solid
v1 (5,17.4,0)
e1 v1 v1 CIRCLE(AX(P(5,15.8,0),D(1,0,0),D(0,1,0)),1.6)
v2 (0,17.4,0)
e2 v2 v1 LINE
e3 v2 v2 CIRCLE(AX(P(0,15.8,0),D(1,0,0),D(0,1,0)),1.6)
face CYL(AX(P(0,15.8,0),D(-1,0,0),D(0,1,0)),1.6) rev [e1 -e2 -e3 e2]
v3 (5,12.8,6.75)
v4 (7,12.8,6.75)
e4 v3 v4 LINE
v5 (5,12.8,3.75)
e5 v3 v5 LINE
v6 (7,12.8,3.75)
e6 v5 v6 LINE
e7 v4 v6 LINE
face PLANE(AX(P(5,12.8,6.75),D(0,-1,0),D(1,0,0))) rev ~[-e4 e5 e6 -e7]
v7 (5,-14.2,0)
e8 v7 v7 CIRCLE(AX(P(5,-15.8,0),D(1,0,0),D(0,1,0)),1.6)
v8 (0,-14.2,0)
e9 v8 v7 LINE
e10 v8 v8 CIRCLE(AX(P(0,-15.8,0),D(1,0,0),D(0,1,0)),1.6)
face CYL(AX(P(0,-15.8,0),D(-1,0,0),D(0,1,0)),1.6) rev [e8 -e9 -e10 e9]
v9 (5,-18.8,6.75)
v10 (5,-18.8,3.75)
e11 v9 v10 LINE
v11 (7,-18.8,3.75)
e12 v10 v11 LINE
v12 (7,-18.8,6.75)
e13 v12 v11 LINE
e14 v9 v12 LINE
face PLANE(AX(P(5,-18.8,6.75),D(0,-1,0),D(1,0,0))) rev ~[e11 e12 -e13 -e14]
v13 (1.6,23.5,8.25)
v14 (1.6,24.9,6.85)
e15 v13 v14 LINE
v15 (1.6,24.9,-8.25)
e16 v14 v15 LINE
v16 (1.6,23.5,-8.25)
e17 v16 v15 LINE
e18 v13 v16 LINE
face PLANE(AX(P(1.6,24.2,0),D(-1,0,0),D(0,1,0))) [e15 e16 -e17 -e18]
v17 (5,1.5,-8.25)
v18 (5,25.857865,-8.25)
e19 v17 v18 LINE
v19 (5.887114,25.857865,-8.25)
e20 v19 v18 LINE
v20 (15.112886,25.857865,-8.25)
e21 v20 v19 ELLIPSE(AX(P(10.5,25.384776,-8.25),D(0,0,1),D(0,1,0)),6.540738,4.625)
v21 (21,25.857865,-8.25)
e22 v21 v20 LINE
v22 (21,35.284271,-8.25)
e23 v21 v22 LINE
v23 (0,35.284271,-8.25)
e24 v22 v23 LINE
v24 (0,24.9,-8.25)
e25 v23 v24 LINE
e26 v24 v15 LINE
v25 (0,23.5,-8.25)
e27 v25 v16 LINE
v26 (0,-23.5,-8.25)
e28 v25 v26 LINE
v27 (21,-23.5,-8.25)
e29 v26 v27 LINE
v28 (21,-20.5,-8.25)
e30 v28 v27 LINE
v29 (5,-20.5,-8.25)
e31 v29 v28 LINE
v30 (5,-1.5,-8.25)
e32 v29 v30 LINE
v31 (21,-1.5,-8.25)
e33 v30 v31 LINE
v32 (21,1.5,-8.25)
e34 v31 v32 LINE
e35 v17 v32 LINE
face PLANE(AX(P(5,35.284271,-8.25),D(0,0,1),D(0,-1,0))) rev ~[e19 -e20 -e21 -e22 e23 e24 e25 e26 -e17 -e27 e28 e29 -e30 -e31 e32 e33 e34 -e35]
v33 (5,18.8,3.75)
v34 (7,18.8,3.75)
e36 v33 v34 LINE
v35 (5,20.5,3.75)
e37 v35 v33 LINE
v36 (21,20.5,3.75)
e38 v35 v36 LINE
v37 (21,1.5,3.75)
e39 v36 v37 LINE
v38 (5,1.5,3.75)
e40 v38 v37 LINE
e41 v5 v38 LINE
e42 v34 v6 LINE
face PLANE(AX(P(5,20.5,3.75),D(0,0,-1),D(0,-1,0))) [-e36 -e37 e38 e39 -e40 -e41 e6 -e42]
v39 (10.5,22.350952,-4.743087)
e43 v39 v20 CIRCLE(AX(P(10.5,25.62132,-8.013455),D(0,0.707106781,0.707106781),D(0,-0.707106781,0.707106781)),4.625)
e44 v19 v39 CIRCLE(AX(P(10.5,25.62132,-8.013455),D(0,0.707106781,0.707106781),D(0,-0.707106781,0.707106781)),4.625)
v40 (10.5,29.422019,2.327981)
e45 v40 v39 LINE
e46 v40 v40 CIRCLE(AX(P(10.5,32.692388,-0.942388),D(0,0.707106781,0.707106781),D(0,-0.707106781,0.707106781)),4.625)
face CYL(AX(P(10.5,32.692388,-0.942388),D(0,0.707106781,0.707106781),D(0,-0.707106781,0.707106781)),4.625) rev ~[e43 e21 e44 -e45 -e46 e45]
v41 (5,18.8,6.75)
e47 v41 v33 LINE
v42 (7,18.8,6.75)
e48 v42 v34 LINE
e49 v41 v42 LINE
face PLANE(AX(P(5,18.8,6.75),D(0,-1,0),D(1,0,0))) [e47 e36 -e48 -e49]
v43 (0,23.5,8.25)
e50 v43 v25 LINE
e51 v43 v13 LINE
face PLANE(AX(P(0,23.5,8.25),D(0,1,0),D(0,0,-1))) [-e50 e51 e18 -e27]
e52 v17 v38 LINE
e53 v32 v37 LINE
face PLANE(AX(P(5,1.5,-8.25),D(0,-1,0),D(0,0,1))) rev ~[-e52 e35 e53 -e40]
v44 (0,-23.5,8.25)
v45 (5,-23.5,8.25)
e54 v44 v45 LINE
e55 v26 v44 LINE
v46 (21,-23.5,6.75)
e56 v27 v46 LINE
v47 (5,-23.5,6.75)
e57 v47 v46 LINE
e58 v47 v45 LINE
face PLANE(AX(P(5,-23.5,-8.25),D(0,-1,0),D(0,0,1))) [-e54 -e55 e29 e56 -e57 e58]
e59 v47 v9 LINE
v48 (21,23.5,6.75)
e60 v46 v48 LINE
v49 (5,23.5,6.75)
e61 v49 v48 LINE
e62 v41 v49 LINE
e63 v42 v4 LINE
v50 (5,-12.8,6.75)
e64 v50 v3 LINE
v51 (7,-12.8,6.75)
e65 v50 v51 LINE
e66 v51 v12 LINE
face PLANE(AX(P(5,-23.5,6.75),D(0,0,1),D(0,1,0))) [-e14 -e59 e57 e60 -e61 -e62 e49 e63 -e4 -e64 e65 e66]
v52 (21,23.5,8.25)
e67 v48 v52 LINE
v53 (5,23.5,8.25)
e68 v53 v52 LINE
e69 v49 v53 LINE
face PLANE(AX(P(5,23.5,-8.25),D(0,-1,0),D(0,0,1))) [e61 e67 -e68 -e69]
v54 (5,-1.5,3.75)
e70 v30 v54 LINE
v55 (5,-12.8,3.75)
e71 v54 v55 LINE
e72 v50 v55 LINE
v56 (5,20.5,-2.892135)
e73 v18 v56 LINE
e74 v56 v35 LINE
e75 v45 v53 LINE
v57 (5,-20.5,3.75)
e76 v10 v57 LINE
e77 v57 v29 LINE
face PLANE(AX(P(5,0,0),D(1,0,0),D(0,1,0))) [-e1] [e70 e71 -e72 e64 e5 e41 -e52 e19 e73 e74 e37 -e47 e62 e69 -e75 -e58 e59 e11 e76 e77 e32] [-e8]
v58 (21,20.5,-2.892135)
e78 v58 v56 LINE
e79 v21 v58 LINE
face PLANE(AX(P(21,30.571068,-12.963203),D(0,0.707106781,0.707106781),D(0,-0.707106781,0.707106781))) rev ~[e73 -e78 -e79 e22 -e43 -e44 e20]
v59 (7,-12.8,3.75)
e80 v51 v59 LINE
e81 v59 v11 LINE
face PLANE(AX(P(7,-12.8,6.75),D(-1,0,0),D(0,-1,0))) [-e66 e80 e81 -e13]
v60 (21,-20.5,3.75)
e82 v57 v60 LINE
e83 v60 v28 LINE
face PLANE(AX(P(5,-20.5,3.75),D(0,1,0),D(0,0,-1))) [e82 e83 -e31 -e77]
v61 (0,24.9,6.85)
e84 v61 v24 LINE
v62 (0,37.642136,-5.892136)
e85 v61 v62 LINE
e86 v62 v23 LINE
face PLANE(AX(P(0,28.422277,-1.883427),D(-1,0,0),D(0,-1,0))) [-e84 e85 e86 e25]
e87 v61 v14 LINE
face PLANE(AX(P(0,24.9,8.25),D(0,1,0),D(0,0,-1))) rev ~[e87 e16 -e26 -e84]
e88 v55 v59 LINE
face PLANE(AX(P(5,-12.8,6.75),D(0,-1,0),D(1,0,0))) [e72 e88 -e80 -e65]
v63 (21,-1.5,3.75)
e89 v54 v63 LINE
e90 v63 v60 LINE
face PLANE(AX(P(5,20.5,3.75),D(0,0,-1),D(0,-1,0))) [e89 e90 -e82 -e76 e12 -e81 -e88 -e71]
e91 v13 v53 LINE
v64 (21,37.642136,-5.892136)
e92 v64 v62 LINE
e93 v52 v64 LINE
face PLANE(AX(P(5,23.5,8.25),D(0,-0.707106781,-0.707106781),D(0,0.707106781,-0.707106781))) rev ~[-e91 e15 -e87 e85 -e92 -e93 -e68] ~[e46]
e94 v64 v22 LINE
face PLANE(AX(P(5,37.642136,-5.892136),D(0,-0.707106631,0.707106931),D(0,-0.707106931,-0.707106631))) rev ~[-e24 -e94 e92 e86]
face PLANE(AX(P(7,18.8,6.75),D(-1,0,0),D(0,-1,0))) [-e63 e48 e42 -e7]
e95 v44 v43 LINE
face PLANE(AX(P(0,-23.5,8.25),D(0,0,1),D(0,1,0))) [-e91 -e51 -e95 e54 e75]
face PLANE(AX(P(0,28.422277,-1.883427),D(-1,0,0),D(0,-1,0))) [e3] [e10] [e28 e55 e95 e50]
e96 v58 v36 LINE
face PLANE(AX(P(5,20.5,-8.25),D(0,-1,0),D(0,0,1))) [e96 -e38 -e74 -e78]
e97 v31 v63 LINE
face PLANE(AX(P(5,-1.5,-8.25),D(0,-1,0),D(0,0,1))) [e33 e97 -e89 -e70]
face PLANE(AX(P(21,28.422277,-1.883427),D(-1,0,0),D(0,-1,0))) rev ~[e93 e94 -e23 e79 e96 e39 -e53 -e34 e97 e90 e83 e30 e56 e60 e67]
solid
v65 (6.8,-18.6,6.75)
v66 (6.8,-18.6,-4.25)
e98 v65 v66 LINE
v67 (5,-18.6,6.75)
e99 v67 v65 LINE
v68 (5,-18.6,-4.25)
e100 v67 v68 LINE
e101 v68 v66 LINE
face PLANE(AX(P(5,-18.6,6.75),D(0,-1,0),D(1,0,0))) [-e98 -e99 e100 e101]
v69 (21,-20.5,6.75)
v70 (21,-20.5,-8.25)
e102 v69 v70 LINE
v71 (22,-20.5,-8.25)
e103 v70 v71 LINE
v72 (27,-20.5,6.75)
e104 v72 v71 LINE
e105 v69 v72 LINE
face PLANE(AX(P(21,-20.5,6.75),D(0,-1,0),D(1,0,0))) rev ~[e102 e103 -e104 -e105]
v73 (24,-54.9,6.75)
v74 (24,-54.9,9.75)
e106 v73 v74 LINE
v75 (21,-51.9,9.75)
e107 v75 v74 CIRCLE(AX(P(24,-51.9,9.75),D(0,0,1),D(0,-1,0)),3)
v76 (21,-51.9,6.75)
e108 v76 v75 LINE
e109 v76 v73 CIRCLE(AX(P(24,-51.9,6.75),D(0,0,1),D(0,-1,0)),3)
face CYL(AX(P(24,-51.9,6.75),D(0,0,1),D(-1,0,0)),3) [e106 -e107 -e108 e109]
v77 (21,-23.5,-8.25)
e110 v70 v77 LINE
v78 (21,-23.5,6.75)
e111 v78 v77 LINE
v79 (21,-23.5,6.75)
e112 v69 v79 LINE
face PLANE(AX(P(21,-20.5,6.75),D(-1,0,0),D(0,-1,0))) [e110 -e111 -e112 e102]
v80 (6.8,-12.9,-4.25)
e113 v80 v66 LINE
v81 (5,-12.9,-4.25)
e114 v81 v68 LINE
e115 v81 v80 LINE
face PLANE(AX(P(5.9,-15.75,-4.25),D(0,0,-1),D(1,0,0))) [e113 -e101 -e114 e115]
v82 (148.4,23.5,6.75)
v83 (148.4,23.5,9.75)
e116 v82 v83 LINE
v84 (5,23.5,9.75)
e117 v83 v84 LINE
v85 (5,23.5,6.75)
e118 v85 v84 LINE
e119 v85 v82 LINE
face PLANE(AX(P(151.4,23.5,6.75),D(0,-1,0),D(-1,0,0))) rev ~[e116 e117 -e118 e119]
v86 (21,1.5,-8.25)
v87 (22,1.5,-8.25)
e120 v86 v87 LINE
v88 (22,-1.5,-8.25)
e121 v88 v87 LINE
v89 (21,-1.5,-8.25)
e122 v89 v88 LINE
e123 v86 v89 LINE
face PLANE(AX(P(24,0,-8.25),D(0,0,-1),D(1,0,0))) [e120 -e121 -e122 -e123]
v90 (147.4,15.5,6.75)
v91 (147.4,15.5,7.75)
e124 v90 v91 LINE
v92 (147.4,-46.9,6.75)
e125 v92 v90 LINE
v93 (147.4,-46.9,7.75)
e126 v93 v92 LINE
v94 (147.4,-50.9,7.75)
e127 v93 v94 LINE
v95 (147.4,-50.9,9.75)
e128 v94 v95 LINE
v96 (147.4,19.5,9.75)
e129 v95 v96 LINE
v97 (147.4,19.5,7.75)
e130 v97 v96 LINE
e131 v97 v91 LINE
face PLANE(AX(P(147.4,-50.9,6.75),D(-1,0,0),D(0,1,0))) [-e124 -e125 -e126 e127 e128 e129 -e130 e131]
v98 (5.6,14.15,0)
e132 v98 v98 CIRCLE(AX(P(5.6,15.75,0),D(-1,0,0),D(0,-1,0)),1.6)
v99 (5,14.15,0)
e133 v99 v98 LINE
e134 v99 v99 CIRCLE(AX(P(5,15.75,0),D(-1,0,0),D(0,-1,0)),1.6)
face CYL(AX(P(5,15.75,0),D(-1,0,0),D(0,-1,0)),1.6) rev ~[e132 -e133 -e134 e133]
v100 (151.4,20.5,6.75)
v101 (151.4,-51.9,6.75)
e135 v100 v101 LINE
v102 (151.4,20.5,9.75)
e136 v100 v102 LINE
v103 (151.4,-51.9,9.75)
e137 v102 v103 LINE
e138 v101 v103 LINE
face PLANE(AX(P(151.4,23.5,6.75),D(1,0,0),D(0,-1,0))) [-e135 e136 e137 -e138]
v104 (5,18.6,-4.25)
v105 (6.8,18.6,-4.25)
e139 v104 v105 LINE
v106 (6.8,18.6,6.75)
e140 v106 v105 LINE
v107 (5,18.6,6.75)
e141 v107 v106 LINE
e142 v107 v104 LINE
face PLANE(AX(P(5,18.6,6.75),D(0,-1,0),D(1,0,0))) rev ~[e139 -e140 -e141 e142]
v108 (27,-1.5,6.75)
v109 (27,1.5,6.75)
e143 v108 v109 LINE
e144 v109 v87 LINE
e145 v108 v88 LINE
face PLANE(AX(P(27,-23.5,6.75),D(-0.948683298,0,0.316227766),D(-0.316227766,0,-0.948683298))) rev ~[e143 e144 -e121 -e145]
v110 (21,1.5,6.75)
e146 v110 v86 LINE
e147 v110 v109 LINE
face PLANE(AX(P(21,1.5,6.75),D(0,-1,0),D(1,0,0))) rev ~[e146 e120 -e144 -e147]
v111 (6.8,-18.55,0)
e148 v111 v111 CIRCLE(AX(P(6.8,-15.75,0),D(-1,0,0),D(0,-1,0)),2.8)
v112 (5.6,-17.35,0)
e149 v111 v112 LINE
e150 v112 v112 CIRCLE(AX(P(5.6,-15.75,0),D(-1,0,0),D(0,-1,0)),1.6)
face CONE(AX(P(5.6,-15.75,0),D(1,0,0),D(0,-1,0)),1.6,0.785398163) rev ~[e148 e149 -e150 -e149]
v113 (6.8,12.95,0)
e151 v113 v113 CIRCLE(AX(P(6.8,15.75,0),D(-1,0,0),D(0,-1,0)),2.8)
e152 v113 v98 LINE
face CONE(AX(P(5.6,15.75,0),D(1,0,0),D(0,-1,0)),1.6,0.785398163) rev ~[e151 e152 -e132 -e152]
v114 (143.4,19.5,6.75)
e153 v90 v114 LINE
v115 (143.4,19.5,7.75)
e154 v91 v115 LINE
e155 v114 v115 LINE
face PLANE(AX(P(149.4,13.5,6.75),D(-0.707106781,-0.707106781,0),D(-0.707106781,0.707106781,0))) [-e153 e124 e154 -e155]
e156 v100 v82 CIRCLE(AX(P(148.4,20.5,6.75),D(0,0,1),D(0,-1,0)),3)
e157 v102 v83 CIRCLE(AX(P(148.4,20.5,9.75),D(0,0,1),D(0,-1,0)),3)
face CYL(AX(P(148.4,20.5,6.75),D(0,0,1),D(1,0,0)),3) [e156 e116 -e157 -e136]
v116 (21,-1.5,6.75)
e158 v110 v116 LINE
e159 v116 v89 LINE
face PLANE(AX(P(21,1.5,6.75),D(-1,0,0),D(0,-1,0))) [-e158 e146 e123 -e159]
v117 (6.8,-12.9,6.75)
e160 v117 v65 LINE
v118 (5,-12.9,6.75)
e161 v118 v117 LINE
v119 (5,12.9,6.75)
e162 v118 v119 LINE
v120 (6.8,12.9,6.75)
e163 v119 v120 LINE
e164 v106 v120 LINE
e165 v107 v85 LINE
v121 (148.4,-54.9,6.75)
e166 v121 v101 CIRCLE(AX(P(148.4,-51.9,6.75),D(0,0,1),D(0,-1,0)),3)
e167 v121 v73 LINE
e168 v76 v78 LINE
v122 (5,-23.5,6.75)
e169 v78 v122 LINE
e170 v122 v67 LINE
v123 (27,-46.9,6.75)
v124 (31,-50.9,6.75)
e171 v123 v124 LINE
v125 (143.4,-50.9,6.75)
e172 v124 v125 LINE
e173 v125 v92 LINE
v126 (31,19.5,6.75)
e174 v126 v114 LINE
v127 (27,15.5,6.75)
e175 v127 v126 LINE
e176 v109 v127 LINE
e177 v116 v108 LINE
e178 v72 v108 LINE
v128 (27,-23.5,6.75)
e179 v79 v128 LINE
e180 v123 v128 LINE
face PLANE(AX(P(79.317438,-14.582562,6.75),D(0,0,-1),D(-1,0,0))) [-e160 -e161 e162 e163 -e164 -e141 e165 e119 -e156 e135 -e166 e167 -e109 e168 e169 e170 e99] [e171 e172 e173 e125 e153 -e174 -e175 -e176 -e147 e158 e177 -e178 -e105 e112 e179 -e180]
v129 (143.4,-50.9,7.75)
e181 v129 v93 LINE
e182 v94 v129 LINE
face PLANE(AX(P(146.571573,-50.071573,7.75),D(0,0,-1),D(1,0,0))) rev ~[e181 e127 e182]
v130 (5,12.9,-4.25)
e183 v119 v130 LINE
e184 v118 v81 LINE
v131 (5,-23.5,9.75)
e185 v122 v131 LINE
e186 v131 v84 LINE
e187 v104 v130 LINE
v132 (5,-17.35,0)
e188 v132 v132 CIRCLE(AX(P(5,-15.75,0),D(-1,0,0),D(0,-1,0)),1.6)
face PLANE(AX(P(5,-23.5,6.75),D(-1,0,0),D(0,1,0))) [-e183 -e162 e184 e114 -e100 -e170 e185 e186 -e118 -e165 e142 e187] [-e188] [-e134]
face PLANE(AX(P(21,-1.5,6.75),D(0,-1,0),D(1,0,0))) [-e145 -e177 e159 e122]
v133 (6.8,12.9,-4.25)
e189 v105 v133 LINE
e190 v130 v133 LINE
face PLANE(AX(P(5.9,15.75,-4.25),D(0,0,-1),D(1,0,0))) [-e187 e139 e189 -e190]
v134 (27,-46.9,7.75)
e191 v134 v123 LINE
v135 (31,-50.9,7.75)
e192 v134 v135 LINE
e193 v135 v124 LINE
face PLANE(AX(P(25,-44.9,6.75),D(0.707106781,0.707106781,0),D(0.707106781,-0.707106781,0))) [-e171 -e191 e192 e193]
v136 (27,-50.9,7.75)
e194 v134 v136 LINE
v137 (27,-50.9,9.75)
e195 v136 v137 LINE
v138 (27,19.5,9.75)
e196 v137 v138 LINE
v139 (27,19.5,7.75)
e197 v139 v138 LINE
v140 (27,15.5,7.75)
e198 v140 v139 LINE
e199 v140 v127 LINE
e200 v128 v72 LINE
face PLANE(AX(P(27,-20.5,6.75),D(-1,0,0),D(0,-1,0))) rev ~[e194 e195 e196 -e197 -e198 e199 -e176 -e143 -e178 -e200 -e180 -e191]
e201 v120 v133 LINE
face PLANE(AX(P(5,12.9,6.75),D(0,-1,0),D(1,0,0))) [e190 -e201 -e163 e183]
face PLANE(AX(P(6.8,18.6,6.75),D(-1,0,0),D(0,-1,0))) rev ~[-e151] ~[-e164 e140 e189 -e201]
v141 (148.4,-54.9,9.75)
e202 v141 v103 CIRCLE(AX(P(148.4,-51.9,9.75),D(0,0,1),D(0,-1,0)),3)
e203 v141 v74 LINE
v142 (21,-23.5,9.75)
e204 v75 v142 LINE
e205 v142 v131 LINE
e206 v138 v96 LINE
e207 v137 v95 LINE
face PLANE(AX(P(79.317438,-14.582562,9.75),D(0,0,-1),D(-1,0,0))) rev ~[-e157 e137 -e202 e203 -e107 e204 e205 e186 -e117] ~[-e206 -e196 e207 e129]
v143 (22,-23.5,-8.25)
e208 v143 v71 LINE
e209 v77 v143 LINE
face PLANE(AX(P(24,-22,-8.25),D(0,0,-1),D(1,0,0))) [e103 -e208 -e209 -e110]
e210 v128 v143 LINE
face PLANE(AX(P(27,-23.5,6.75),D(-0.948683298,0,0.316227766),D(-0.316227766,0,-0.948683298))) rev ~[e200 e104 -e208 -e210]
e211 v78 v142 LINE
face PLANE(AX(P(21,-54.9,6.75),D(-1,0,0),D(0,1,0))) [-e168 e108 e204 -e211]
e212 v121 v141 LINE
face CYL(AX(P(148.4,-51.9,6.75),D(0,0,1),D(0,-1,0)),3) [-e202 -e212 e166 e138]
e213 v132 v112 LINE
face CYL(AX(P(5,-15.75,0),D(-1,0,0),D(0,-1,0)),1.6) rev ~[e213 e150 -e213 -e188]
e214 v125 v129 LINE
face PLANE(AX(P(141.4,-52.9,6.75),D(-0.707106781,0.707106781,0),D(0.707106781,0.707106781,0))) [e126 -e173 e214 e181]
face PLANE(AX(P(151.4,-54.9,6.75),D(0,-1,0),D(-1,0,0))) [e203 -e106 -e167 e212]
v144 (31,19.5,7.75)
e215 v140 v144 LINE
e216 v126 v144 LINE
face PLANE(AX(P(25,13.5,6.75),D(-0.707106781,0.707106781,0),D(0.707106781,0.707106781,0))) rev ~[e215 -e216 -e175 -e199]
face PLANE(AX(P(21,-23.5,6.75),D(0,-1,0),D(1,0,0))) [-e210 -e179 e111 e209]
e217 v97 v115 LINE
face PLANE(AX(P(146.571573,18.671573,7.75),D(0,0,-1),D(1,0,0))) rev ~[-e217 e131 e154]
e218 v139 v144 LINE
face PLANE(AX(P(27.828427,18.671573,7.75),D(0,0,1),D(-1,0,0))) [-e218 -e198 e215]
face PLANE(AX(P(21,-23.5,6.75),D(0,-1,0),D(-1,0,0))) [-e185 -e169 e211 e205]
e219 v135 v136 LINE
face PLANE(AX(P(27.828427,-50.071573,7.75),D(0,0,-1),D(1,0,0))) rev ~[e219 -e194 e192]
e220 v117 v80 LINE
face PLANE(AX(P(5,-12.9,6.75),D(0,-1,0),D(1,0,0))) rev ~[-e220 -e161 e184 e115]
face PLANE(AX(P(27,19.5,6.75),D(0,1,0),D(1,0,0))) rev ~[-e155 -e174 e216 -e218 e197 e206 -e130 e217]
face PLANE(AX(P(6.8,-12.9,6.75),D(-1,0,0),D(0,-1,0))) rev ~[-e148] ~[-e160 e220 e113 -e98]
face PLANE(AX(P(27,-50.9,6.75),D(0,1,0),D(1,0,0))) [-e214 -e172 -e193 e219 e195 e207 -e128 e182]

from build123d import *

# Parameters (mm, degrees)
SKETCH_W          = 47
SKETCH_H          = 16.5
SKETCH_R          = 1.6
PAD_DEPTH         = 5
PAD001_DEPTH      = 16
SKETCH002_W       = 6
SKETCH002_H       = 2
POCKET_DEPTH      = 3
PAD002_DEPTH      = 16
PAD002_DEPTH_BACK = 5
SKETCH004_R       = 4.625
POCKET001_DEPTH   = 44.902281
POCKET002_DEPTH   = 16
SKETCH006_W       = 3
SKETCH006_H       = 12
PAD003_DEPTH      = 16
SKETCH008_W       = 1.4
SKETCH008_H       = 16.5
POCKET003_DEPTH   = 1.6
SKETCH007_W       = 120.4
SKETCH007_H       = 70.4
PAD004_DEPTH      = 3
SKETCH009_W       = 6
SKETCH009_H       = 3
PAD005_DEPTH      = 15
POCKET004_DEPTH   = 47.001
PAD006_DEPTH      = 1
SKETCH012_W       = 1.8
SKETCH012_H       = 5.7
PAD007_DEPTH      = 11
SKETCH013_R       = 1.6
POCKET005_DEPTH   = 1.8
FILLET_R          = 3
CHAMFER_SIZE      = 1.2


with BuildPart() as lens_and_arm_mount:
    # Sketch → Pad (new body)
    with BuildSketch(Plane.YZ):
        Rectangle(SKETCH_W, SKETCH_H)
        with Locations((-15.8, 0)):
            Circle(SKETCH_R, mode=Mode.SUBTRACT)
        with Locations((15.8, 0)):
            Circle(SKETCH_R, mode=Mode.SUBTRACT)
    extrude(amount=PAD_DEPTH)

    # Sketch001 (on Face8 of Pad) → Pad001 (join)
    with BuildSketch(Plane.YZ.offset(5)):
        Polygon((-23.5, -8.25), (-23.5, 6.75), (23.5, 6.75), (23.5, -8.25), (20.5, -8.25), (20.5, 3.75), (-20.5, 3.75), (-20.5, -8.25), align=None)
    extrude(amount=PAD001_DEPTH)

    # Sketch002 (on Face11 of Pad001) → Pocket (cut)
    with BuildSketch(Plane(origin=(0, 0, 6.75), x_dir=(0, -1, 0), z_dir=(0, 0, 1))):
        with Locations((-15.8, 6)):
            Rectangle(SKETCH002_W, SKETCH002_H)
        with Locations((15.8, 6)):
            Rectangle(SKETCH002_W, SKETCH002_H)
    extrude(amount=-POCKET_DEPTH, mode=Mode.SUBTRACT)

    # Sketch003 (on Face8 of Pad) → Pad002 (join, two sides)
    with BuildSketch(Plane.YZ.offset(5)) as pad002_sk:
        Polygon((23.5, 8.25), (37.642136, -5.892136), (35.284271, -8.25), (23.5, -8.25), align=None)
    extrude(amount=PAD002_DEPTH)
    extrude(pad002_sk.sketch, amount=-PAD002_DEPTH_BACK)

    # Sketch004 (on Face3 of Pad002) → Pocket001 (cut, through all)
    with BuildSketch(Plane(origin=(0, 15.875, 15.875), x_dir=(0, -0.707107, 0.707107), z_dir=(0, 0.707107, 0.707107))):
        with Locations((-23.783378, 10.5)):
            Circle(SKETCH004_R)
    extrude(amount=-POCKET001_DEPTH, mode=Mode.SUBTRACT)

    # Sketch005 (on Face11 of Pocket001) → Pocket002 (cut)
    with BuildSketch(Plane.YZ.offset(21)):
        Polygon((30.571068, -12.963203), (18.550253, -0.942388), (15.014719, -4.477922), (27.035534, -16.498737), align=None)
    extrude(amount=-POCKET002_DEPTH, mode=Mode.SUBTRACT)

    # Sketch006 (on Face15 of Pocket) → Pad003 (join)
    with BuildSketch(Plane.YZ.offset(5)):
        with Locations((0, -2.25)):
            Rectangle(SKETCH006_W, SKETCH006_H)
    extrude(amount=PAD003_DEPTH)

    # Sketch008 (on Face4 of Pocket001) → Pocket003 (cut)
    with BuildSketch(Plane(origin=(0, 0, 0), x_dir=(0, 1, 0), z_dir=(-1, 0, 0))):
        with Locations((24.2, 0)):
            Rectangle(SKETCH008_W, SKETCH008_H)
    extrude(amount=-POCKET003_DEPTH, mode=Mode.SUBTRACT)


with BuildPart() as maginifier_holder:
    # Sketch007 → Pad004 (new body)
    with BuildSketch(Plane.XY.offset(6.75)):
        Polygon((5, 23.5), (21, 23.5), (151.4, 23.5), (151.4, -54.9), (21, -54.9), (21, -23.5), (5, -23.5), align=None)
        with Locations((87.2, -15.7)):
            Rectangle(SKETCH007_W, SKETCH007_H, mode=Mode.SUBTRACT)
    extrude(amount=PAD004_DEPTH)

    # Sketch009 (on Face12 of Pad004) → Pad005 (join)
    with BuildSketch(Plane(origin=(0, 0, 6.75), x_dir=(1, 0, 0), z_dir=(0, 0, -1))):
        with Locations((24, 0)):
            Rectangle(SKETCH009_W, SKETCH009_H)
        with Locations((24, 22)):
            Rectangle(SKETCH009_W, SKETCH009_H)
    extrude(amount=PAD005_DEPTH)

    # Sketch010 (on Face10 of Pad005) → Pocket004 (cut, through all)
    with BuildSketch(Plane.XZ.offset(23.5)):
        Polygon((27, 6.75), (22, -8.25), (27, -8.25), align=None)
    extrude(amount=-POCKET004_DEPTH, mode=Mode.SUBTRACT)

    # Sketch011 (on Face22 of Pocket004) → Pad006 (join)
    with BuildSketch(Plane(origin=(0, 0, 6.75), x_dir=(1, 0, 0), z_dir=(0, 0, -1))):
        Polygon((25, 52.9), (25, 44.9), (33, 52.9), align=None)
        Polygon((25, -21.5), (25, -13.5), (33, -21.5), align=None)
        Polygon((149.4, -21.5), (149.4, -13.5), (141.4, -21.5), align=None)
        Polygon((149.4, 52.9), (141.4, 52.9), (149.4, 44.9), align=None)
    extrude(amount=-PAD006_DEPTH)

    # Sketch012 (on Face2 of Pad006) → Pad007 (join)
    with BuildSketch(Plane(origin=(0, 0, 6.75), x_dir=(1, 0, 0), z_dir=(0, 0, -1))):
        with Locations((5.9, 15.75)):
            Rectangle(SKETCH012_W, SKETCH012_H)
        with Locations((5.9, -15.75)):
            Rectangle(SKETCH012_W, SKETCH012_H)
    extrude(amount=PAD007_DEPTH)

    # Sketch013 (on Face32 of Pad007) → Pocket005 (cut)
    with BuildSketch(Plane(origin=(5, 0, 0), x_dir=(0, -1, 0), z_dir=(-1, 0, 0))):
        with Locations((-15.75, 0)):
            Circle(SKETCH013_R)
        with Locations((15.75, 0)):
            Circle(SKETCH013_R)
    extrude(amount=-POCKET005_DEPTH, mode=Mode.SUBTRACT)

    # Fillet
    fillet_edges = [maginifier_holder.edges().sort_by_distance(p)[0] for p in [
        (21, -54.9, 8.25),
        (151.4, -54.9, 8.25),
        (151.4, 23.5, 8.25),
    ]]
    fillet(fillet_edges, radius=FILLET_R)

    # Chamfer
    chamfer_edges = [maginifier_holder.edges().sort_by_distance(p)[0] for p in [
        (6.8, 17.35, 0),
        (6.8, -14.15, 0),
    ]]
    chamfer(chamfer_edges, length=CHAMFER_SIZE)


solid = Compound([lens_and_arm_mount.part, maginifier_holder.part])
